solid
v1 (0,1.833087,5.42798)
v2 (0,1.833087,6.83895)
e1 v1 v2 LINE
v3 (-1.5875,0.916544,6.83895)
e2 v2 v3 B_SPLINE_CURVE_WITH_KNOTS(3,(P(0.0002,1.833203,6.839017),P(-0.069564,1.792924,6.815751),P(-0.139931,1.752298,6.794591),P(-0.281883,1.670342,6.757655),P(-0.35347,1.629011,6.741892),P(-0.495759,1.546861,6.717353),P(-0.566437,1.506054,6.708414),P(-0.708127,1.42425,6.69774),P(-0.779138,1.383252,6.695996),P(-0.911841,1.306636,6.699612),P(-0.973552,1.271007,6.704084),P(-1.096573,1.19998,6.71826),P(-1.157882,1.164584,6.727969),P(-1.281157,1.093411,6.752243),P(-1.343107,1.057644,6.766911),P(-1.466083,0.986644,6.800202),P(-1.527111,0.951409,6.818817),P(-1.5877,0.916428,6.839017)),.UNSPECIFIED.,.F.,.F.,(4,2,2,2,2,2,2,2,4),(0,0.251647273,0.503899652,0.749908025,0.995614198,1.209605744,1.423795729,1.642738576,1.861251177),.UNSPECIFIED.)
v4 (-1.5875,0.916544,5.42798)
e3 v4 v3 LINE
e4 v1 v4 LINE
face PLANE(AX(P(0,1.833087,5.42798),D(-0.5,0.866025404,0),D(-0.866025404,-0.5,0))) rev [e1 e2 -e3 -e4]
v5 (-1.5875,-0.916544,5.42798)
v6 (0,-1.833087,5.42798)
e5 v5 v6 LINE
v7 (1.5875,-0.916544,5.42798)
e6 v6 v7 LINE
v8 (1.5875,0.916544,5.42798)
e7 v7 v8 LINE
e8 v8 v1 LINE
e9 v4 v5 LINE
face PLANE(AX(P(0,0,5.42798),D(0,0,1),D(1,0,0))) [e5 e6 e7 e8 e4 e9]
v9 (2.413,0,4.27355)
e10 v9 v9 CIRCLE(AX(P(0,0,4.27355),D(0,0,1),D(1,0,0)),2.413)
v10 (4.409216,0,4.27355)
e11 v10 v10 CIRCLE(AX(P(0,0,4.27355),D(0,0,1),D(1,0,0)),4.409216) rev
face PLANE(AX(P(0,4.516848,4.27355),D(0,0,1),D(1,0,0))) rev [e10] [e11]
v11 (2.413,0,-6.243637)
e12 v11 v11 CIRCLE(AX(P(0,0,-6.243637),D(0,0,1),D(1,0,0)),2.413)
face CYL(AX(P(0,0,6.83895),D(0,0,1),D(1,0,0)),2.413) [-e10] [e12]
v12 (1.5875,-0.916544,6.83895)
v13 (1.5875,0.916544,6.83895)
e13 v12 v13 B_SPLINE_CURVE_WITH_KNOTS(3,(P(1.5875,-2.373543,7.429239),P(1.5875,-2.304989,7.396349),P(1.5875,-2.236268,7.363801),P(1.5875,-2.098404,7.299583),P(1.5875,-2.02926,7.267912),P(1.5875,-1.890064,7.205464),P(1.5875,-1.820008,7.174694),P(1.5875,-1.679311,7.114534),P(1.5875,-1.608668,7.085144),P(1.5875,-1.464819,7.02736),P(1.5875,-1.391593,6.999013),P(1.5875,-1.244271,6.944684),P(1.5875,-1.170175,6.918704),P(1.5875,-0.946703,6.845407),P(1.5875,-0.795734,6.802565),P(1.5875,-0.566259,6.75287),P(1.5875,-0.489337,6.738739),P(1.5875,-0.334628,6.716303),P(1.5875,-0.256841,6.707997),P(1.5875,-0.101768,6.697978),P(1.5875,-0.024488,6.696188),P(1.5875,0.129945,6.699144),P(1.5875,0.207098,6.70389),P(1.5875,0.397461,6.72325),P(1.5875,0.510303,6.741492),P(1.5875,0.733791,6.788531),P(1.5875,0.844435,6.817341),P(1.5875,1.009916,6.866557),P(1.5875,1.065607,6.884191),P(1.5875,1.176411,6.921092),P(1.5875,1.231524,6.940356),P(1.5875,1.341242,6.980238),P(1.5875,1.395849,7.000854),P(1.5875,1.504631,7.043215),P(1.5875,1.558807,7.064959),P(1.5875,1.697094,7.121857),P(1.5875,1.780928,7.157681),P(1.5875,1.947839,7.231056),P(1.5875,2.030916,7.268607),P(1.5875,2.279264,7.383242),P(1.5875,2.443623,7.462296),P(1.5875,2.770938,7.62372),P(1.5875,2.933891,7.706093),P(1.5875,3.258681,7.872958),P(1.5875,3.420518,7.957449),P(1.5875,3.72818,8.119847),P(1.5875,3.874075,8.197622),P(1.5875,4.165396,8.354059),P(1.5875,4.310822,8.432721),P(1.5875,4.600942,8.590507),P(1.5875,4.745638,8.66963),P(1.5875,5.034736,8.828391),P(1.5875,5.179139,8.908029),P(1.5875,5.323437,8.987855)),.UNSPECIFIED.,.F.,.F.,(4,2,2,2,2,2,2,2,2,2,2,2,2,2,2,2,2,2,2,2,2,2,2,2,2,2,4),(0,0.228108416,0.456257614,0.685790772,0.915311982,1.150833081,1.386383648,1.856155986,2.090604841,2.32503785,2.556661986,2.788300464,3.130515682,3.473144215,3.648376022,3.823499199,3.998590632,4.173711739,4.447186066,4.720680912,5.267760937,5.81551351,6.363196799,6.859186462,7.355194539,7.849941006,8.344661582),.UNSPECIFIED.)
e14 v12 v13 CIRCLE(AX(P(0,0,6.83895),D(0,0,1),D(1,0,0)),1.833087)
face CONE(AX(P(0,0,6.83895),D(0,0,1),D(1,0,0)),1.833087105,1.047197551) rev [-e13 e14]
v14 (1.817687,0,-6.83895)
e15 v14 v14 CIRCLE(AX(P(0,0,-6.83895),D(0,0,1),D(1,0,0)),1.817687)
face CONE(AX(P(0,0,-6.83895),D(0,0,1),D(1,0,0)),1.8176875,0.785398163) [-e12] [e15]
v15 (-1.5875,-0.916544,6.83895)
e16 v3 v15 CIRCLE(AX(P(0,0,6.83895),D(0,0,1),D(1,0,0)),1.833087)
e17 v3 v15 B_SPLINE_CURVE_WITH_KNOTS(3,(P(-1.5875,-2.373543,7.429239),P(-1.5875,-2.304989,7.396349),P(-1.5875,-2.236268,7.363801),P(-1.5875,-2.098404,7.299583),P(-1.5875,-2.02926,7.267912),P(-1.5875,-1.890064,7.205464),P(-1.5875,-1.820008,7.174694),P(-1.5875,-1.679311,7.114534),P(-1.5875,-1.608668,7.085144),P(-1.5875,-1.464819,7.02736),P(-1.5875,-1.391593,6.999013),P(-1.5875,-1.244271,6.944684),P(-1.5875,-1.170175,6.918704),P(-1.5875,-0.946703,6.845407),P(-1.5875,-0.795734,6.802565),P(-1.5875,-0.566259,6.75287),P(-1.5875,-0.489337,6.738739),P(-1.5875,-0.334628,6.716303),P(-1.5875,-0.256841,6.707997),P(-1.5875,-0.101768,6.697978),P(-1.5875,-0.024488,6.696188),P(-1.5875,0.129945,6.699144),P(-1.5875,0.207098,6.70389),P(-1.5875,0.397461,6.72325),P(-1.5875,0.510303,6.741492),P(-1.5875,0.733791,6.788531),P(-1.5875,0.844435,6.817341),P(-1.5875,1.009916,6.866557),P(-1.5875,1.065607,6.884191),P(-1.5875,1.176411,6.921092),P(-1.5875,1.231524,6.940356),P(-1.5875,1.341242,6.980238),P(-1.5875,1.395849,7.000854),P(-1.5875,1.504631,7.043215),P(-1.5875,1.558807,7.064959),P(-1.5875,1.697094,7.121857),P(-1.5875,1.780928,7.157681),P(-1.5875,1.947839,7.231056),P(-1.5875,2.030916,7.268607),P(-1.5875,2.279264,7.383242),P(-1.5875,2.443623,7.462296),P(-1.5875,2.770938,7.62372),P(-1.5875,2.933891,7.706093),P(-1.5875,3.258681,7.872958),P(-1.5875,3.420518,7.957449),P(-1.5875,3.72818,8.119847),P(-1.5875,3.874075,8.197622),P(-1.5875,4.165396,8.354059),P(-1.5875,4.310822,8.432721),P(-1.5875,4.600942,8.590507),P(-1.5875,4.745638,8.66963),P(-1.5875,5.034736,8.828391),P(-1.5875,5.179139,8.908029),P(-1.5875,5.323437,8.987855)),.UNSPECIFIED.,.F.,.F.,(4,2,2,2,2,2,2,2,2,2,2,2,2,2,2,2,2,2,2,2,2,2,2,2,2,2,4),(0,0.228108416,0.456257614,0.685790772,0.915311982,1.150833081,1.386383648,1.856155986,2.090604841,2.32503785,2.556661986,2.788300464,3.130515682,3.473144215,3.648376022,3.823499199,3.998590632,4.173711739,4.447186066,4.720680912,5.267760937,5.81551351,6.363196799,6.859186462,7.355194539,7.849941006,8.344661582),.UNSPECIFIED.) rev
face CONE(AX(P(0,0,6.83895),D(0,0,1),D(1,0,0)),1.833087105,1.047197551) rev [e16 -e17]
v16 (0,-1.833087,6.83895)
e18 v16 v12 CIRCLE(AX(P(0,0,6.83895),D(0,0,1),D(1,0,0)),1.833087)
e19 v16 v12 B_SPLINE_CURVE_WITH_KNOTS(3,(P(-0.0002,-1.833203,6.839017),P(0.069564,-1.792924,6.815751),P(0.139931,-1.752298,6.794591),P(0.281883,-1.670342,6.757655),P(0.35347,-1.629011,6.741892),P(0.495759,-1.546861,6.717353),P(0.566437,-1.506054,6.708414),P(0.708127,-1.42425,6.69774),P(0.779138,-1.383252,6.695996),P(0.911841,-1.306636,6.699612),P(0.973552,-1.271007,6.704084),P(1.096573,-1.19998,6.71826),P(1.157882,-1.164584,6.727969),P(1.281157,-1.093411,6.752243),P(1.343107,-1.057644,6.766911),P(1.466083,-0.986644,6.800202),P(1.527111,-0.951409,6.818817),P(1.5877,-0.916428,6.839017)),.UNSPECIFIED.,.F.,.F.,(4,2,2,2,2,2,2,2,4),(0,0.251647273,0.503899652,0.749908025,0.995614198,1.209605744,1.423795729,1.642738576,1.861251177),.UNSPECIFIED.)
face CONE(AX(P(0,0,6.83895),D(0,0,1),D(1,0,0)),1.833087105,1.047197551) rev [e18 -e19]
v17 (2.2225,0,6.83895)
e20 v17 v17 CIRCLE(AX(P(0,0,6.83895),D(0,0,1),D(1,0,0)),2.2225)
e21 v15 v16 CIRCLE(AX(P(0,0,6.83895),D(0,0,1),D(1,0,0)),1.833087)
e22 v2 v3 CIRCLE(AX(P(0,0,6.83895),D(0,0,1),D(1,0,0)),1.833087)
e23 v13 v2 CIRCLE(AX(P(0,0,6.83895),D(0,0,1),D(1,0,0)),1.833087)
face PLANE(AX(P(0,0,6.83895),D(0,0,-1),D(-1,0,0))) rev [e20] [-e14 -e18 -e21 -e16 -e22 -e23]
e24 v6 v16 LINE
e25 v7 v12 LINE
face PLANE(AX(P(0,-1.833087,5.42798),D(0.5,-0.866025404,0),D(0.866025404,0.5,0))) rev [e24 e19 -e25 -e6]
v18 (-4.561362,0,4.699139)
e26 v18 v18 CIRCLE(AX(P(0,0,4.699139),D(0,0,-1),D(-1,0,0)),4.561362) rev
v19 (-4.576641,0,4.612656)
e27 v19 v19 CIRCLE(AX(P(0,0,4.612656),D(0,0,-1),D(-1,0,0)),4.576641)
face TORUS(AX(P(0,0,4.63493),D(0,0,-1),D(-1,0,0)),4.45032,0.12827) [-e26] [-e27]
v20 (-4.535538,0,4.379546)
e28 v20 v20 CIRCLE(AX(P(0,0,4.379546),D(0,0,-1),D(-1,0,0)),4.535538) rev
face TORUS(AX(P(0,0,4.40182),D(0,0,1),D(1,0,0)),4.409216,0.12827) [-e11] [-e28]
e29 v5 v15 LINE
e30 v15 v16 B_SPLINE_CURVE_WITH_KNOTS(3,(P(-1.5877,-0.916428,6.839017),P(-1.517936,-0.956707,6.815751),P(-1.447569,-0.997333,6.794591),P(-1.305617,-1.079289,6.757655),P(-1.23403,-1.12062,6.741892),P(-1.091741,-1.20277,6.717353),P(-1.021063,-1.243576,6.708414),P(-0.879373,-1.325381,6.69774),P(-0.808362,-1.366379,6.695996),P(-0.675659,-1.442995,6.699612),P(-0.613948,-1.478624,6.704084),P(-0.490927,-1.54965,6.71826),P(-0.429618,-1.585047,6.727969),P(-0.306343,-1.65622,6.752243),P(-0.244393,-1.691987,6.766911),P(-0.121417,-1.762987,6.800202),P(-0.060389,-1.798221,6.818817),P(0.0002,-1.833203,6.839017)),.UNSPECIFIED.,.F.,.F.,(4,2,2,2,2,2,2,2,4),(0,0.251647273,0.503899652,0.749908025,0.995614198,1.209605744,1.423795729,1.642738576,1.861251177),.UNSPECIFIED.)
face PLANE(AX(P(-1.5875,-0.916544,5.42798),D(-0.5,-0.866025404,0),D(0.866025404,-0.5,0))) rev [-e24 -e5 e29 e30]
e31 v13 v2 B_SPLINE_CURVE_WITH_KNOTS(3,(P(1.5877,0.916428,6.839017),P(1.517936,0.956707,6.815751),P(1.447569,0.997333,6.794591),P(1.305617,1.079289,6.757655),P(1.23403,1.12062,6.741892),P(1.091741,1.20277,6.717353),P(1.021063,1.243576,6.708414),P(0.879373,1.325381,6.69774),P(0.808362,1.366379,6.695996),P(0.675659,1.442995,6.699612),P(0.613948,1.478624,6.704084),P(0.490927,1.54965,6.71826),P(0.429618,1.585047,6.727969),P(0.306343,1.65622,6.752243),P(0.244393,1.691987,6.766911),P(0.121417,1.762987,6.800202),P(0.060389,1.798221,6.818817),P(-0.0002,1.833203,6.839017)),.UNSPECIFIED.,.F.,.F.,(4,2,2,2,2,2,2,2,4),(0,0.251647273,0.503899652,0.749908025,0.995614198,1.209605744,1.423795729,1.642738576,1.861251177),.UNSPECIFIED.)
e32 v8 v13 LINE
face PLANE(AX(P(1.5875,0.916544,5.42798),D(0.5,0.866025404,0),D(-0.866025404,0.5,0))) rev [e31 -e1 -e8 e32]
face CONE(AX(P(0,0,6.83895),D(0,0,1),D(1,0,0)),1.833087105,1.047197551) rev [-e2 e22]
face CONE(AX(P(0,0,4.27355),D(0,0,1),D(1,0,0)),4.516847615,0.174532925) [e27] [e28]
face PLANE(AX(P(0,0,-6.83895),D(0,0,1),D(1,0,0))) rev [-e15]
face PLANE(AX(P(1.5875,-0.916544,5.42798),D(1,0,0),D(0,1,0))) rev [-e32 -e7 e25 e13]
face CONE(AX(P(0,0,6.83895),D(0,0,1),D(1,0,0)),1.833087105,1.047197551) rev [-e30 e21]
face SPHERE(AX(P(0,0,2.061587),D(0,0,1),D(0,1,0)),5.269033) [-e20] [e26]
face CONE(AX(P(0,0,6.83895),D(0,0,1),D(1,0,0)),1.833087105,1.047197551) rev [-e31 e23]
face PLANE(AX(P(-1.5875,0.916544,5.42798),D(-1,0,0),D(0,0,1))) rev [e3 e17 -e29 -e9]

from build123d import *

# Parameters (mm, degrees)
CUT_EXTRUDE1_DEPTH = 1.41097
SKETCH5_R          = 1.833087105
CUT_EXTRUDE2_DEPTH = 1.41097
CUT_EXTRUDE2_DRAFT = -60
FILLET1_R          = 0.12827


with BuildPart() as part:
    # Sketch3 → Revolve1 (revolve)
    with BuildSketch(Plane(origin=(0, 0, 0), x_dir=(0, 0, -1), z_dir=(1, 0, 0))):
        with BuildLine():
            Line((-6.83895, 0), (-6.83895, 2.2225))
            ThreePointArc((-6.83895, 2.2225), (-5.93321038, 3.573966445), (-4.65836, 4.5847))
            Line((-4.65836, 4.5847), (-4.27355, 4.516847615))
            Line((-4.27355, 4.516847615), (-4.27355, 2.413))
            Line((-4.27355, 2.413), (6.2436375, 2.413))
            Line((6.2436375, 2.413), (6.83895, 1.8176875))
            Line((6.83895, 1.8176875), (6.83895, 0))
            Line((6.83895, 0), (-6.83895, 0))
        make_face()
    revolve(axis=Axis((0, 0, 6.83895), (0, 0, -1)))

    # Sketch4 → Cut-Extrude1 (cut)
    with BuildSketch(Plane.XY.offset(6.83895)):
        Polygon((-1.5875, -0.916543552), (0, -1.833087105), (1.5875, -0.916543552), (1.5875, 0.916543552), (0, 1.833087105), (-1.5875, 0.916543552), align=None)
    extrude(amount=-CUT_EXTRUDE1_DEPTH, mode=Mode.SUBTRACT)


with BuildPart() as cut_extrude2_tool:
    # Sketch5 → Cut-Extrude2 (with draft: the straight prism first)
    with BuildSketch(Plane.XY.offset(6.83895)):
        Circle(SKETCH5_R)
    extrude(amount=-CUT_EXTRUDE2_DEPTH)
    # Cut-Extrude2: the draft: its side faces are tilted about the plane it starts from
    cut_extrude2_sides = [cut_extrude2_tool.faces().sort_by_distance(p)[0] for p in [
        (-1.833087105, 0, 6.133465),
    ]]
    draft(cut_extrude2_sides, Plane.XY.offset(6.83895), CUT_EXTRUDE2_DRAFT)


with BuildPart() as part_1:
    add(part.part)

    # Cut-Extrude2: cut by cut_extrude2_tool
    add(cut_extrude2_tool.part, mode=Mode.SUBTRACT)

    # Fillet1
    fillet1_edges = [part_1.edges().sort_by_distance(p)[0] for p in [
        (0, -4.516847615, 4.27355),
        (0, -4.5847, 4.65836),
    ]]
    fillet(fillet1_edges, radius=FILLET1_R)


solid = part_1.part
